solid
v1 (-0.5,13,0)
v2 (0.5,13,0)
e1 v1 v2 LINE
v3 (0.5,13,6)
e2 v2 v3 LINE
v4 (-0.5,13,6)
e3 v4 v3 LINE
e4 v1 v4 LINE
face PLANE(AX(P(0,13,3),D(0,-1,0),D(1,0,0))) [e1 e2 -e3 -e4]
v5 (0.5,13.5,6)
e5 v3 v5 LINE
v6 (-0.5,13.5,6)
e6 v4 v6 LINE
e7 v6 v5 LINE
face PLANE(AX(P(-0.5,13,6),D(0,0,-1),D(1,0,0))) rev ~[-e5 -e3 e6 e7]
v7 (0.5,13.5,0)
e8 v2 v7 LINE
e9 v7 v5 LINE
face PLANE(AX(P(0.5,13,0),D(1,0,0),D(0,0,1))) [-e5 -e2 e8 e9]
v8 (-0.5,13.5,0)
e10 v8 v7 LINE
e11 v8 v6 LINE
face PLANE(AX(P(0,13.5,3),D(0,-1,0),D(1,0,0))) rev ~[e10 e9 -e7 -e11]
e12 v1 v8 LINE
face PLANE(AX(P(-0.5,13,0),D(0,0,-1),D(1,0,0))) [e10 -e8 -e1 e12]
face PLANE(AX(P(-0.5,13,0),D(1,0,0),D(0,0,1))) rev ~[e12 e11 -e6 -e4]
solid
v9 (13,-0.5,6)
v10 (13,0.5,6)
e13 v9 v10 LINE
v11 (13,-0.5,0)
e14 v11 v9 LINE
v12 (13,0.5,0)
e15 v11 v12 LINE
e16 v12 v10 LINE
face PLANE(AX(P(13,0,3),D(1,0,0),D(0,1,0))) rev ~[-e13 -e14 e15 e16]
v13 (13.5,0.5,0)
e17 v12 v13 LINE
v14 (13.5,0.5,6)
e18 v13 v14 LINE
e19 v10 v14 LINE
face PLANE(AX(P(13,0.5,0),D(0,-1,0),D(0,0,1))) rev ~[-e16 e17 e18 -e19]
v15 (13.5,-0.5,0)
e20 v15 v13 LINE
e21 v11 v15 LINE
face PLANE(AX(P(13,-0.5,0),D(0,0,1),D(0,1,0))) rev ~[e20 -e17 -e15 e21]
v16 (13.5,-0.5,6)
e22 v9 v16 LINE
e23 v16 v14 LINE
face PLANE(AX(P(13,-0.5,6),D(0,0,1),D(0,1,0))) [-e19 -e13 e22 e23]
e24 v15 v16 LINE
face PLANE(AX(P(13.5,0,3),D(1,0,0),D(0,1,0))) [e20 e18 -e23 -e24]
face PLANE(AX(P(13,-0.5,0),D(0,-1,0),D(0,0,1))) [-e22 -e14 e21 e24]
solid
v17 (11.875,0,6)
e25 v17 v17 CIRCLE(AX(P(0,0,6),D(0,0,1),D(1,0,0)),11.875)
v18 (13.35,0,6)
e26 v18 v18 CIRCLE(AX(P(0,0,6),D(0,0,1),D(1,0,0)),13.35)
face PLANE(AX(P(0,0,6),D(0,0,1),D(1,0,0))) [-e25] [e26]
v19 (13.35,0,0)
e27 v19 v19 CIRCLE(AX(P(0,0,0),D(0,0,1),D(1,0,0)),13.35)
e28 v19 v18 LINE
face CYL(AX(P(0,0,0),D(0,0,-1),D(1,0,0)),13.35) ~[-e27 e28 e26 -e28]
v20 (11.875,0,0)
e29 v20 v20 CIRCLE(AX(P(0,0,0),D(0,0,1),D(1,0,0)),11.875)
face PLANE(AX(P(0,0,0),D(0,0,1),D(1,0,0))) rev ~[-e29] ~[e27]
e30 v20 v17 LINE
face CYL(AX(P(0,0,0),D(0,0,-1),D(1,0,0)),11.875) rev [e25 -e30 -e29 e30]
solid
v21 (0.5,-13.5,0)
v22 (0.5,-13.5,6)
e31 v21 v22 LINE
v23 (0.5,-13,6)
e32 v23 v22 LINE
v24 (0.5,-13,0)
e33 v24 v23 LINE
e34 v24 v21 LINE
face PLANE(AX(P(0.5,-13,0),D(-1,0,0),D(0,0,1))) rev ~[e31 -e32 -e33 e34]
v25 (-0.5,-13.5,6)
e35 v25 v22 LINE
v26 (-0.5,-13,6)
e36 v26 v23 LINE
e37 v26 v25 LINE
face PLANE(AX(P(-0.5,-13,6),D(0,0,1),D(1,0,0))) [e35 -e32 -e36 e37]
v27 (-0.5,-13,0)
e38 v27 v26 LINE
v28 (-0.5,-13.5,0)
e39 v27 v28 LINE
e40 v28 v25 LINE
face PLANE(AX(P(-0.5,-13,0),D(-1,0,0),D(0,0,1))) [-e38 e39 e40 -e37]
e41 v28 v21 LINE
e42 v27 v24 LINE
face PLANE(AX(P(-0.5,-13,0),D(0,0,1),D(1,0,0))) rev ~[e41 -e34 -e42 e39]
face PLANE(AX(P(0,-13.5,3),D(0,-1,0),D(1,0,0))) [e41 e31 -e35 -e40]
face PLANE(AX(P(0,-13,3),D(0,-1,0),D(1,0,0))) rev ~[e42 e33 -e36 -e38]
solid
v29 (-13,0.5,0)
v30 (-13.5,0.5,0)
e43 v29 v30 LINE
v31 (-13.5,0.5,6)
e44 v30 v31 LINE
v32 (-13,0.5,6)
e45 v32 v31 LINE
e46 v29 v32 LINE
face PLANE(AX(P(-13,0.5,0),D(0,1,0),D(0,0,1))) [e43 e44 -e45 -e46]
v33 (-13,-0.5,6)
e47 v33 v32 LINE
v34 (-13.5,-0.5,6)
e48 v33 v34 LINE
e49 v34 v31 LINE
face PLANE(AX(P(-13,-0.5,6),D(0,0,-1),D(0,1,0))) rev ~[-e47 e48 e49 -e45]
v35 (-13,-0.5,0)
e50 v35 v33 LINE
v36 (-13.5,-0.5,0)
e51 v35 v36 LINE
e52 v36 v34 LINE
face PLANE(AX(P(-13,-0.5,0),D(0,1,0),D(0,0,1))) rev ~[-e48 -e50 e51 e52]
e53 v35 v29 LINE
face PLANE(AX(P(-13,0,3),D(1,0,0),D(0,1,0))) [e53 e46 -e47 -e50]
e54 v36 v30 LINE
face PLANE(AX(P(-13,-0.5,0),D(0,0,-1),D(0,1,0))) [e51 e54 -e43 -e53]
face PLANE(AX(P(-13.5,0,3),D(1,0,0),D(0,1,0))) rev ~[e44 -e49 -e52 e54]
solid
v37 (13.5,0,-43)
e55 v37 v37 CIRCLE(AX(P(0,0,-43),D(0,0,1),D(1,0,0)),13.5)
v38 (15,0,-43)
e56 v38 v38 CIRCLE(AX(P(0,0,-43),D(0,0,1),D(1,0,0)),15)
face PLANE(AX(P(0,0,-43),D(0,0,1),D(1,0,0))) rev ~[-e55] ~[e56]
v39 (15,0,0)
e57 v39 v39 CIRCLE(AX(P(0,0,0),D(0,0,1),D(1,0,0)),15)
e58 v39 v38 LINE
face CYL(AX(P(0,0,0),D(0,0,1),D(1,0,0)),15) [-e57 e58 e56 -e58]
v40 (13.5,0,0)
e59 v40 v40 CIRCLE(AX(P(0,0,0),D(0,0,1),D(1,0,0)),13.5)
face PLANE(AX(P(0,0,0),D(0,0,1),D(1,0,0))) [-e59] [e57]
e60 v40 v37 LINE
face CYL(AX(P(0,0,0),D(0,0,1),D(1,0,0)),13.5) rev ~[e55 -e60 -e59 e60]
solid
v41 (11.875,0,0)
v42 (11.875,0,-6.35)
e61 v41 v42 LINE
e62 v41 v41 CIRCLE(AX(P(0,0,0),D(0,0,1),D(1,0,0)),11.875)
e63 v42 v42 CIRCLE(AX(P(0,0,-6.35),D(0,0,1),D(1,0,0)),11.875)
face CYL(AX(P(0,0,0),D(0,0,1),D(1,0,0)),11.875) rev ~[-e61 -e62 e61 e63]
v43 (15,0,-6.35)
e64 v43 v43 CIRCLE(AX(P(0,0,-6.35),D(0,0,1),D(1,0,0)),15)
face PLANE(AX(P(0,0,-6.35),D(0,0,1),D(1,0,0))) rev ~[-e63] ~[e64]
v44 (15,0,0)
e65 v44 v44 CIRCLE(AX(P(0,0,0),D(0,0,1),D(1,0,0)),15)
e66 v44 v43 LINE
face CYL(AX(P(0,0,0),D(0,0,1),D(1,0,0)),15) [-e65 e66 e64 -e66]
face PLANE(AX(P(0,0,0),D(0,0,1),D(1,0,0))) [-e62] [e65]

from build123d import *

# Parameters (mm, degrees)
F0_R      = 13.35
F0_R_2    = 11.875
F1_DEPTH  = 6
F2_R      = 15
F2_R_2    = 13.5
F3_DEPTH  = 43
F4_R      = 15
F4_R_2    = 11.875
F5_DEPTH  = 6.35
F7_W      = 1
F7_H      = 6
F8_DEPTH  = 0.5
F10_W     = 1
F10_H     = 6
F11_DEPTH = 0.5
F13_W     = 1
F13_H     = 6
F14_DEPTH = 0.5
F16_W     = 1
F16_H     = 6
F17_DEPTH = 0.5


with BuildPart() as f1:
    # F0 (on Top) → F1 (new body)
    with BuildSketch(Plane.XY):
        Circle(F0_R)
        Circle(F0_R_2, mode=Mode.SUBTRACT)
    extrude(amount=F1_DEPTH)


with BuildPart() as f3:
    # F2 (on Top) → F3 (new body)
    with BuildSketch(Plane.XY):
        Circle(F2_R)
        Circle(F2_R_2, mode=Mode.SUBTRACT)
    extrude(amount=-F3_DEPTH)


with BuildPart() as f5:
    # F4 (on Top) → F5 (new body)
    with BuildSketch(Plane.XY):
        Circle(F4_R)
        Circle(F4_R_2, mode=Mode.SUBTRACT)
    extrude(amount=-F5_DEPTH)


with BuildPart() as f8:
    # F7 (on offset) → F8 (new body)
    with BuildSketch(Plane.YZ.offset(13)):
        with Locations((0, 3)):
            Rectangle(F7_W, F7_H)
    extrude(amount=F8_DEPTH)


with BuildPart() as f11:
    # F10 (on offset) → F11 (new body)
    with BuildSketch(Plane.YZ.offset(-13)):
        with Locations((0, 3)):
            Rectangle(F10_W, F10_H)
    extrude(amount=-F11_DEPTH)


with BuildPart() as f14:
    # F13 (on offset) → F14 (new body)
    with BuildSketch(Plane.XZ.offset(-13)):
        with Locations((0, 3)):
            Rectangle(F13_W, F13_H)
    extrude(amount=-F14_DEPTH)


with BuildPart() as f17:
    # F16 (on offset) → F17 (new body)
    with BuildSketch(Plane.XZ.offset(13)):
        with Locations((0, 3)):
            Rectangle(F16_W, F16_H)
    extrude(amount=F17_DEPTH)


solid = Compound([f1.part, f3.part, f5.part, f8.part, f11.part, f14.part, f17.part])
